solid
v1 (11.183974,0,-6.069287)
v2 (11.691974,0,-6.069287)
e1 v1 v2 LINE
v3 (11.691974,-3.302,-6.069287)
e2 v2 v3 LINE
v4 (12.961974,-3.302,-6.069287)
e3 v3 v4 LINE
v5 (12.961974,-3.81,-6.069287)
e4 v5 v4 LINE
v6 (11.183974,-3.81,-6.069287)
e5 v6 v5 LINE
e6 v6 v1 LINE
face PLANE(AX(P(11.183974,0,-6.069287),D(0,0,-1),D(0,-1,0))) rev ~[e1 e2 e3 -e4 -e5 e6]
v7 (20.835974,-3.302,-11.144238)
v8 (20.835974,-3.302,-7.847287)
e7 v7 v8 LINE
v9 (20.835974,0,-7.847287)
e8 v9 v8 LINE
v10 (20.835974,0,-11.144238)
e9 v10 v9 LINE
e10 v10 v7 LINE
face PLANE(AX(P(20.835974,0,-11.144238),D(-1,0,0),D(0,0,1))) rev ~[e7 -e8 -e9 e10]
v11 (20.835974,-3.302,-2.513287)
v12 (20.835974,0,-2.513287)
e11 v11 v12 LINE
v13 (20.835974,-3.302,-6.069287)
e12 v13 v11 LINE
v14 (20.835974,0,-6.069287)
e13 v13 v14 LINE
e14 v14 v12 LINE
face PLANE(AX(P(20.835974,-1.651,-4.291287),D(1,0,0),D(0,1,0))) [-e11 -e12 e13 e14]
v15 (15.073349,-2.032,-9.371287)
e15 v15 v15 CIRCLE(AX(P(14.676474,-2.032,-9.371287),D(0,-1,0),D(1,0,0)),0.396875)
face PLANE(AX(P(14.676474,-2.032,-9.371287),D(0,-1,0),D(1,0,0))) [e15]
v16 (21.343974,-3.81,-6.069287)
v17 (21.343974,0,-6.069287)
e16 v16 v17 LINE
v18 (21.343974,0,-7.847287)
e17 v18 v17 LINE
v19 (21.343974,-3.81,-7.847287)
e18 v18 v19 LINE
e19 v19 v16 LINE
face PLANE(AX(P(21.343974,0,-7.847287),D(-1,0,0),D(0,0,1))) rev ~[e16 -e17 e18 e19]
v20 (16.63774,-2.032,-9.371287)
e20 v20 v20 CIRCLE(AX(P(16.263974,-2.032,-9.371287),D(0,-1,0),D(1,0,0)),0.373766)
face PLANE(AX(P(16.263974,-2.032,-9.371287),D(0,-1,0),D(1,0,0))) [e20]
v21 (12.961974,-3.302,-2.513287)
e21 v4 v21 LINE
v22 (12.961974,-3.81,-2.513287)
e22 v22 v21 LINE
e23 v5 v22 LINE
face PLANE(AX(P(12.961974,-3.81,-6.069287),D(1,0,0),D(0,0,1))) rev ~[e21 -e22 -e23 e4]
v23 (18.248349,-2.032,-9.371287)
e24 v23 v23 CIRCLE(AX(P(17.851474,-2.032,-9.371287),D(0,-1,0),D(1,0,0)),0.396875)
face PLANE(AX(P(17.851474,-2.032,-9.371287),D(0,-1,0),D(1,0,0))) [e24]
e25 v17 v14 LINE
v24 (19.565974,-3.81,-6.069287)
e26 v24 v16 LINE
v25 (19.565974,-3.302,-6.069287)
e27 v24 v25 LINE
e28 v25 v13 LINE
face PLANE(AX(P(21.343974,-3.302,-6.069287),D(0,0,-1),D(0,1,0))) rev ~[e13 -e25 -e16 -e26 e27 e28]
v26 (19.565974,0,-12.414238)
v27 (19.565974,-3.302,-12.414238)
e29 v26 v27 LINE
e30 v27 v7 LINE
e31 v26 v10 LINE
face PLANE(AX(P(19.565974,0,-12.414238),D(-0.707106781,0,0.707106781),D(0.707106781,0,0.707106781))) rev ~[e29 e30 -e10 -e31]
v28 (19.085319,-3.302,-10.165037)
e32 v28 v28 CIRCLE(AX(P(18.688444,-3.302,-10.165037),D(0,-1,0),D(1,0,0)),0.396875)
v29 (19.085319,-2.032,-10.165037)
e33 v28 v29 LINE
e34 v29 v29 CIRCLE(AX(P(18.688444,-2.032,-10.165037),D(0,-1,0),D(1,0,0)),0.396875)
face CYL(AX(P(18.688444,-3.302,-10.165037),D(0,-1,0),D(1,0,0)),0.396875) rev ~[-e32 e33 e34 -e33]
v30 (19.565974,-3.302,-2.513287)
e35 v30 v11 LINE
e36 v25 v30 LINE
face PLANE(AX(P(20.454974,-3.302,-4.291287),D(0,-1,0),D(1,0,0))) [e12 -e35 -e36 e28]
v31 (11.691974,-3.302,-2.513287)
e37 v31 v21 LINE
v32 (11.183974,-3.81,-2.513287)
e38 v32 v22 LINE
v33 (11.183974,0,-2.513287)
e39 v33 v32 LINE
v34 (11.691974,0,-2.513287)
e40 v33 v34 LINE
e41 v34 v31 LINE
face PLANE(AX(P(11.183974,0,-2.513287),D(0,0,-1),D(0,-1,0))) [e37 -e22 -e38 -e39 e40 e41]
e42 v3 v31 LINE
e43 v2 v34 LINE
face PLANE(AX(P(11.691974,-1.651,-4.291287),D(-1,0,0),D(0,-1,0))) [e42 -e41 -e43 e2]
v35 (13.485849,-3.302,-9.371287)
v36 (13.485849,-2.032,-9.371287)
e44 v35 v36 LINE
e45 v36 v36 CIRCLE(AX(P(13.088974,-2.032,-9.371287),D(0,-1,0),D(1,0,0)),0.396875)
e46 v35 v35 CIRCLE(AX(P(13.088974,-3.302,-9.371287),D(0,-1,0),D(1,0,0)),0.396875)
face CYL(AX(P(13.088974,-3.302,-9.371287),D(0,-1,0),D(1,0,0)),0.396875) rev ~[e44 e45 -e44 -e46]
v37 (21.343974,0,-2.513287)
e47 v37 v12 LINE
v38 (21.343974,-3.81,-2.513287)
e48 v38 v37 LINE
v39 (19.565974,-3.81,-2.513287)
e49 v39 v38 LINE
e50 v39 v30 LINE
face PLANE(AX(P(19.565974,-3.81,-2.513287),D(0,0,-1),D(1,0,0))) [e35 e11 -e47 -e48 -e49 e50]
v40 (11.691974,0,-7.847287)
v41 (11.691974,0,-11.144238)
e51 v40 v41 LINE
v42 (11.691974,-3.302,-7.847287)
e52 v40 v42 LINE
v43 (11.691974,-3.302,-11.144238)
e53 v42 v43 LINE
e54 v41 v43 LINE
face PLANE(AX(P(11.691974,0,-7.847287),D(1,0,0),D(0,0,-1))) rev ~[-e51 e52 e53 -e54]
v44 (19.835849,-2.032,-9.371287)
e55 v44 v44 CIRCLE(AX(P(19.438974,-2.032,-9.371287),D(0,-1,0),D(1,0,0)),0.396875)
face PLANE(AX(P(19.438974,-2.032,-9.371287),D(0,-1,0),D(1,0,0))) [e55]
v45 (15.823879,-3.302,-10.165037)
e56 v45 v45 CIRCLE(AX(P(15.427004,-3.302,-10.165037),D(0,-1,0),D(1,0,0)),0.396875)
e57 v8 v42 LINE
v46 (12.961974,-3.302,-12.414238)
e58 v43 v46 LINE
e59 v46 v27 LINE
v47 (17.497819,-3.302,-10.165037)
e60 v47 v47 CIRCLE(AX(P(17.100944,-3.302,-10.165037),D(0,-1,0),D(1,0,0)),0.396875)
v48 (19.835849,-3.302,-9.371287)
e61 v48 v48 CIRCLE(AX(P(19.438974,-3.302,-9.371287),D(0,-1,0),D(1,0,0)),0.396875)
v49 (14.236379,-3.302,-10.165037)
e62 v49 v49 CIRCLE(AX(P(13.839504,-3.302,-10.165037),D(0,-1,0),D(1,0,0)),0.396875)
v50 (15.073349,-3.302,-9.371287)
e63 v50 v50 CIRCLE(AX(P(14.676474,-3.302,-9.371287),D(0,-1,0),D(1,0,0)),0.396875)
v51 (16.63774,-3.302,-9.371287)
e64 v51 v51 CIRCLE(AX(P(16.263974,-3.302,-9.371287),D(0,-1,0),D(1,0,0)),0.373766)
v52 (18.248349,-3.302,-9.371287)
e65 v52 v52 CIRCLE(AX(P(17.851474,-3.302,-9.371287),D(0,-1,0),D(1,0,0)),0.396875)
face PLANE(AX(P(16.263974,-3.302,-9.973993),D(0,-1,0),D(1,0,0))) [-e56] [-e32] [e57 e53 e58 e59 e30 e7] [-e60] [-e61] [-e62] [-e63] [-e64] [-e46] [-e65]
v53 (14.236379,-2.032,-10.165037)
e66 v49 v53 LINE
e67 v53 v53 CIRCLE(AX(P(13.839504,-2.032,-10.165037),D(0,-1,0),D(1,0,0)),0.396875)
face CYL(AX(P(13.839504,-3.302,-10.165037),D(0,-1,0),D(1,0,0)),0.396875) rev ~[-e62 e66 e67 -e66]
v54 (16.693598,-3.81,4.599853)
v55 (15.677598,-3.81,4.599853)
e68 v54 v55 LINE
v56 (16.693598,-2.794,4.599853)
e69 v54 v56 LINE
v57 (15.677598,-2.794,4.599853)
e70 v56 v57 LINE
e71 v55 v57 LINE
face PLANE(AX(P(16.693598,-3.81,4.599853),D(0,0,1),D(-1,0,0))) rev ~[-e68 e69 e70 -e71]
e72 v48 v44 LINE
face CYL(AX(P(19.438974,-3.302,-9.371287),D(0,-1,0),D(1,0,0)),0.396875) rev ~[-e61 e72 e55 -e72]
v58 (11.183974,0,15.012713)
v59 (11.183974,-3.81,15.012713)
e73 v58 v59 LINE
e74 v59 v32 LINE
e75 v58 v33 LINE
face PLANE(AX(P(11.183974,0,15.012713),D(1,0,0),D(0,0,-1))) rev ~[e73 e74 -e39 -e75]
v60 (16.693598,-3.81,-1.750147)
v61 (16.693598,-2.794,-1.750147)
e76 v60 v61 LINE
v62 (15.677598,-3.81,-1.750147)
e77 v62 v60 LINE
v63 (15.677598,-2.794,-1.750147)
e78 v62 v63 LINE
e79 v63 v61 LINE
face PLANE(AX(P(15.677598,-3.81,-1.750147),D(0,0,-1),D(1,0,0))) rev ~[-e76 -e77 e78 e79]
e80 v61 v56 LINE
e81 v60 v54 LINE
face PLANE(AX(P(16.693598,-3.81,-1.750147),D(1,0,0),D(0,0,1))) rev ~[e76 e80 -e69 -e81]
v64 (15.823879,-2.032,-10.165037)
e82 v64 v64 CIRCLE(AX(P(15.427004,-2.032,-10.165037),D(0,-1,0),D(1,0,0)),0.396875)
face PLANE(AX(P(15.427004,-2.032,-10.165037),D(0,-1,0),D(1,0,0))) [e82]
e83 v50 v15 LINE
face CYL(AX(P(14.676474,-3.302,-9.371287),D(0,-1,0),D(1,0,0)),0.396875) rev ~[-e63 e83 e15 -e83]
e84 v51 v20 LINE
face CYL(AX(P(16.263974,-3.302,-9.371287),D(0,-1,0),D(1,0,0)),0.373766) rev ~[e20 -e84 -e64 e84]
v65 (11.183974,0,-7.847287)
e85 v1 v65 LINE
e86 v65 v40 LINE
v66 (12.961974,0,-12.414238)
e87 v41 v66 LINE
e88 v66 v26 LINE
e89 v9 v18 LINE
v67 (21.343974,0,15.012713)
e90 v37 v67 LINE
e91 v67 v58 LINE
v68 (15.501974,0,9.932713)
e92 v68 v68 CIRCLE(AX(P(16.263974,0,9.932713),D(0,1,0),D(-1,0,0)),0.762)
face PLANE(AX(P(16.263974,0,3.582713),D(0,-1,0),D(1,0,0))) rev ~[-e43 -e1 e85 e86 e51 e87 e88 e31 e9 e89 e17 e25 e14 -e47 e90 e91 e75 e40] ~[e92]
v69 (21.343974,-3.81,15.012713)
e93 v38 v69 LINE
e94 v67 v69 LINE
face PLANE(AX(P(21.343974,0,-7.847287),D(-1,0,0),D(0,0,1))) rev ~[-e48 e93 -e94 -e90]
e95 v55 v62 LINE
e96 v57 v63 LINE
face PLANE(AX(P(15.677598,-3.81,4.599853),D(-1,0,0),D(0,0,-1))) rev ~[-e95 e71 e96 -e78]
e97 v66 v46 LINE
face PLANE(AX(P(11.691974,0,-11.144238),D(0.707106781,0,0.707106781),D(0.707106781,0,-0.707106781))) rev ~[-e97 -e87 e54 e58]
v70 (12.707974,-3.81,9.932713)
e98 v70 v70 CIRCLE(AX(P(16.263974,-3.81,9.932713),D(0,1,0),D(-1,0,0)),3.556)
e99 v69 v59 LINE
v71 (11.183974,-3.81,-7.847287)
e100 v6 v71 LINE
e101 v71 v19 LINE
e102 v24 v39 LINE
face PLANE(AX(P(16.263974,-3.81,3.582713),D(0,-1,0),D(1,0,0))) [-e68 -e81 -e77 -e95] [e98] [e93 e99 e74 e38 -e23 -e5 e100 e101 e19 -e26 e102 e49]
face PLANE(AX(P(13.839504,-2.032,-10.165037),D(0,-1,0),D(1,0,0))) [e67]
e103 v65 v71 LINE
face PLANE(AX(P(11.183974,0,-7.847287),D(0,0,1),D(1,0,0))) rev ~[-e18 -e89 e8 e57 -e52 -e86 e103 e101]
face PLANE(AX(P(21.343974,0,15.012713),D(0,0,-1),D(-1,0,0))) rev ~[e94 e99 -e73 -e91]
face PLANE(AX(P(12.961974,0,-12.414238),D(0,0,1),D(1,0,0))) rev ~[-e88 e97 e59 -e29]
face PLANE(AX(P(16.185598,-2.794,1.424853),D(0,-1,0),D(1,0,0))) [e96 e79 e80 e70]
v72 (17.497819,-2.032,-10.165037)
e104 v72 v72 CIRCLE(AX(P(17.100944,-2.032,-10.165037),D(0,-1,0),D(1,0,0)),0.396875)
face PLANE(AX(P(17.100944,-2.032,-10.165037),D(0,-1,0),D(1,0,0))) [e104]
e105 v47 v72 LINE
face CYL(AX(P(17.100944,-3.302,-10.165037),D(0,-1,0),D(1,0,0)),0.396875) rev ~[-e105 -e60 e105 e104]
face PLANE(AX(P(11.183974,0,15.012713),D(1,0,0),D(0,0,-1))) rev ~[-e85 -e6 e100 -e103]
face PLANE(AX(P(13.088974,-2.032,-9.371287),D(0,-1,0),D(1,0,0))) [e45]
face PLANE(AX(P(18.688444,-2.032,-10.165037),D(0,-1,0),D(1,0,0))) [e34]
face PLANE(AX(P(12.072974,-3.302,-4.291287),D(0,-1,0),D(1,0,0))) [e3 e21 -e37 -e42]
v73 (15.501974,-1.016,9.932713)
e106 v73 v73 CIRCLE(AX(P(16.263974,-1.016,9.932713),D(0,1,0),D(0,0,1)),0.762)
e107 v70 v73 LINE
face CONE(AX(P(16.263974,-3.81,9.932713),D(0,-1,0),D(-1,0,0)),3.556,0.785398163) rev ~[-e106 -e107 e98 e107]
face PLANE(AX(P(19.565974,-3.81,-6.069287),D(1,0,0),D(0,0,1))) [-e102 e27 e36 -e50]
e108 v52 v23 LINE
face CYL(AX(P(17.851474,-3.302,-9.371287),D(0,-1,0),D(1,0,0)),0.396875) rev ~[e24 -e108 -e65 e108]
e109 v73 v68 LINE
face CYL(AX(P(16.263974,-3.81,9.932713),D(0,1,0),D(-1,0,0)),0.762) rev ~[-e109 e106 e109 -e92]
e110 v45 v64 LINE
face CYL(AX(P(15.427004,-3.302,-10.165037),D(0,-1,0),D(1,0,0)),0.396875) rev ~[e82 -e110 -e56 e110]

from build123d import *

# Parameters (mm, degrees)
F1_DEPTH       = 3.81
F2_DEPTH       = 3.302
F4_D           = 1.524
F4_CSINK_D     = 7.112
F4_CSINK_ANGLE = 90
F6_DEPTH       = 1.016
F7_W           = 1.778
F7_H           = 3.556
F8_DEPTH       = 0.508
F9_W           = 3.302
F9_H           = 3.556
F10_DEPTH      = 0.508
F11_W          = 3.302
F11_H          = 3.556
F12_DEPTH      = 0.508
F13_R          = 0.396875
F13_R_2        = 0.3737664599
F14_DEPTH      = 1.27


with BuildPart() as f1:
    # F0 (on Front) → F1 (new body)
    with BuildSketch(Plane.XZ):
        Polygon((21.3439739875, 15.0127133582), (11.1839739875, 15.0127133582), (11.1839739875, -7.8472866418), (11.6919739875, -7.8472866418), (20.8359739875, -7.8472866418), (21.3439739875, -7.8472866418), align=None)
    extrude(amount=F1_DEPTH)

    # F0 (on Front) → F2 (join)
    with BuildSketch(Plane.XZ):
        Polygon((20.8359739875, -7.8472866418), (11.6919739875, -7.8472866418), (11.6919739875, -11.1442380585), (12.9619739875, -12.4142380585), (19.5659739875, -12.4142380585), (20.8359739875, -11.1442380585), align=None)
    extrude(amount=F2_DEPTH)

    # F4 (through all)
    with Locations(Plane.XZ.offset(3.81)):
        with Locations((16.2639739875, 9.9327133582)):
            CounterSinkHole(F4_D / 2, F4_CSINK_D / 2, counter_sink_angle=F4_CSINK_ANGLE)

    # F5 (on face) → F6 (cut)
    with BuildSketch(Plane.XZ.offset(3.81)):
        Polygon((16.6935976049, 4.5998531383), (16.1855976049, 4.5998531383), (15.6775976049, 4.5998531383), (15.6775976049, -1.7501468617), (16.6935976049, -1.7501468617), align=None)
    extrude(amount=-F6_DEPTH, mode=Mode.SUBTRACT)

    # F7 (on face) → F8 (cut)
    with BuildSketch(Plane.XZ.offset(3.81)):
        with Locations((12.0729739875, -4.2912866418)):
            Rectangle(F7_W, F7_H)
        with Locations((20.4549739875, -4.2912866418)):
            Rectangle(F7_W, F7_H)
    extrude(amount=-F8_DEPTH, mode=Mode.SUBTRACT)

    # F9 (on face) → F10 (cut)
    with BuildSketch(Plane.YZ.offset(21.3439739875)):
        with Locations((-1.651, -4.2912866418)):
            Rectangle(F9_W, F9_H)
    extrude(amount=-F10_DEPTH, mode=Mode.SUBTRACT)

    # F11 (on face) → F12 (cut)
    with BuildSketch(Plane(origin=(11.1839739875, 0, 0), x_dir=(0, -1, 0), z_dir=(-1, 0, 0))):
        with Locations((1.651, -4.2912866418)):
            Rectangle(F11_W, F11_H)
    extrude(amount=-F12_DEPTH, mode=Mode.SUBTRACT)

    # F13 (on face) → F14 (cut)
    with BuildSketch(Plane.XZ.offset(3.302)):
        with Locations((13.0889739875, -9.3712866418)):
            Circle(F13_R)
        with Locations((14.6764739875, -9.3712866418)):
            Circle(F13_R)
        with Locations((13.8395041891, -10.1650366418)):
            Circle(F13_R)
        with Locations((15.4270041891, -10.1650366418)):
            Circle(F13_R)
        with Locations((16.2639739875, -9.3712866418)):
            Circle(F13_R_2)
        with Locations((17.1009437859, -10.1650366418)):
            Circle(F13_R)
        with Locations((17.8514739875, -9.3712866418)):
            Circle(F13_R)
        with Locations((18.6884437859, -10.1650366418)):
            Circle(F13_R)
        with Locations((19.4389739875, -9.3712866418)):
            Circle(F13_R)
    extrude(amount=-F14_DEPTH, mode=Mode.SUBTRACT)


solid = f1.part
